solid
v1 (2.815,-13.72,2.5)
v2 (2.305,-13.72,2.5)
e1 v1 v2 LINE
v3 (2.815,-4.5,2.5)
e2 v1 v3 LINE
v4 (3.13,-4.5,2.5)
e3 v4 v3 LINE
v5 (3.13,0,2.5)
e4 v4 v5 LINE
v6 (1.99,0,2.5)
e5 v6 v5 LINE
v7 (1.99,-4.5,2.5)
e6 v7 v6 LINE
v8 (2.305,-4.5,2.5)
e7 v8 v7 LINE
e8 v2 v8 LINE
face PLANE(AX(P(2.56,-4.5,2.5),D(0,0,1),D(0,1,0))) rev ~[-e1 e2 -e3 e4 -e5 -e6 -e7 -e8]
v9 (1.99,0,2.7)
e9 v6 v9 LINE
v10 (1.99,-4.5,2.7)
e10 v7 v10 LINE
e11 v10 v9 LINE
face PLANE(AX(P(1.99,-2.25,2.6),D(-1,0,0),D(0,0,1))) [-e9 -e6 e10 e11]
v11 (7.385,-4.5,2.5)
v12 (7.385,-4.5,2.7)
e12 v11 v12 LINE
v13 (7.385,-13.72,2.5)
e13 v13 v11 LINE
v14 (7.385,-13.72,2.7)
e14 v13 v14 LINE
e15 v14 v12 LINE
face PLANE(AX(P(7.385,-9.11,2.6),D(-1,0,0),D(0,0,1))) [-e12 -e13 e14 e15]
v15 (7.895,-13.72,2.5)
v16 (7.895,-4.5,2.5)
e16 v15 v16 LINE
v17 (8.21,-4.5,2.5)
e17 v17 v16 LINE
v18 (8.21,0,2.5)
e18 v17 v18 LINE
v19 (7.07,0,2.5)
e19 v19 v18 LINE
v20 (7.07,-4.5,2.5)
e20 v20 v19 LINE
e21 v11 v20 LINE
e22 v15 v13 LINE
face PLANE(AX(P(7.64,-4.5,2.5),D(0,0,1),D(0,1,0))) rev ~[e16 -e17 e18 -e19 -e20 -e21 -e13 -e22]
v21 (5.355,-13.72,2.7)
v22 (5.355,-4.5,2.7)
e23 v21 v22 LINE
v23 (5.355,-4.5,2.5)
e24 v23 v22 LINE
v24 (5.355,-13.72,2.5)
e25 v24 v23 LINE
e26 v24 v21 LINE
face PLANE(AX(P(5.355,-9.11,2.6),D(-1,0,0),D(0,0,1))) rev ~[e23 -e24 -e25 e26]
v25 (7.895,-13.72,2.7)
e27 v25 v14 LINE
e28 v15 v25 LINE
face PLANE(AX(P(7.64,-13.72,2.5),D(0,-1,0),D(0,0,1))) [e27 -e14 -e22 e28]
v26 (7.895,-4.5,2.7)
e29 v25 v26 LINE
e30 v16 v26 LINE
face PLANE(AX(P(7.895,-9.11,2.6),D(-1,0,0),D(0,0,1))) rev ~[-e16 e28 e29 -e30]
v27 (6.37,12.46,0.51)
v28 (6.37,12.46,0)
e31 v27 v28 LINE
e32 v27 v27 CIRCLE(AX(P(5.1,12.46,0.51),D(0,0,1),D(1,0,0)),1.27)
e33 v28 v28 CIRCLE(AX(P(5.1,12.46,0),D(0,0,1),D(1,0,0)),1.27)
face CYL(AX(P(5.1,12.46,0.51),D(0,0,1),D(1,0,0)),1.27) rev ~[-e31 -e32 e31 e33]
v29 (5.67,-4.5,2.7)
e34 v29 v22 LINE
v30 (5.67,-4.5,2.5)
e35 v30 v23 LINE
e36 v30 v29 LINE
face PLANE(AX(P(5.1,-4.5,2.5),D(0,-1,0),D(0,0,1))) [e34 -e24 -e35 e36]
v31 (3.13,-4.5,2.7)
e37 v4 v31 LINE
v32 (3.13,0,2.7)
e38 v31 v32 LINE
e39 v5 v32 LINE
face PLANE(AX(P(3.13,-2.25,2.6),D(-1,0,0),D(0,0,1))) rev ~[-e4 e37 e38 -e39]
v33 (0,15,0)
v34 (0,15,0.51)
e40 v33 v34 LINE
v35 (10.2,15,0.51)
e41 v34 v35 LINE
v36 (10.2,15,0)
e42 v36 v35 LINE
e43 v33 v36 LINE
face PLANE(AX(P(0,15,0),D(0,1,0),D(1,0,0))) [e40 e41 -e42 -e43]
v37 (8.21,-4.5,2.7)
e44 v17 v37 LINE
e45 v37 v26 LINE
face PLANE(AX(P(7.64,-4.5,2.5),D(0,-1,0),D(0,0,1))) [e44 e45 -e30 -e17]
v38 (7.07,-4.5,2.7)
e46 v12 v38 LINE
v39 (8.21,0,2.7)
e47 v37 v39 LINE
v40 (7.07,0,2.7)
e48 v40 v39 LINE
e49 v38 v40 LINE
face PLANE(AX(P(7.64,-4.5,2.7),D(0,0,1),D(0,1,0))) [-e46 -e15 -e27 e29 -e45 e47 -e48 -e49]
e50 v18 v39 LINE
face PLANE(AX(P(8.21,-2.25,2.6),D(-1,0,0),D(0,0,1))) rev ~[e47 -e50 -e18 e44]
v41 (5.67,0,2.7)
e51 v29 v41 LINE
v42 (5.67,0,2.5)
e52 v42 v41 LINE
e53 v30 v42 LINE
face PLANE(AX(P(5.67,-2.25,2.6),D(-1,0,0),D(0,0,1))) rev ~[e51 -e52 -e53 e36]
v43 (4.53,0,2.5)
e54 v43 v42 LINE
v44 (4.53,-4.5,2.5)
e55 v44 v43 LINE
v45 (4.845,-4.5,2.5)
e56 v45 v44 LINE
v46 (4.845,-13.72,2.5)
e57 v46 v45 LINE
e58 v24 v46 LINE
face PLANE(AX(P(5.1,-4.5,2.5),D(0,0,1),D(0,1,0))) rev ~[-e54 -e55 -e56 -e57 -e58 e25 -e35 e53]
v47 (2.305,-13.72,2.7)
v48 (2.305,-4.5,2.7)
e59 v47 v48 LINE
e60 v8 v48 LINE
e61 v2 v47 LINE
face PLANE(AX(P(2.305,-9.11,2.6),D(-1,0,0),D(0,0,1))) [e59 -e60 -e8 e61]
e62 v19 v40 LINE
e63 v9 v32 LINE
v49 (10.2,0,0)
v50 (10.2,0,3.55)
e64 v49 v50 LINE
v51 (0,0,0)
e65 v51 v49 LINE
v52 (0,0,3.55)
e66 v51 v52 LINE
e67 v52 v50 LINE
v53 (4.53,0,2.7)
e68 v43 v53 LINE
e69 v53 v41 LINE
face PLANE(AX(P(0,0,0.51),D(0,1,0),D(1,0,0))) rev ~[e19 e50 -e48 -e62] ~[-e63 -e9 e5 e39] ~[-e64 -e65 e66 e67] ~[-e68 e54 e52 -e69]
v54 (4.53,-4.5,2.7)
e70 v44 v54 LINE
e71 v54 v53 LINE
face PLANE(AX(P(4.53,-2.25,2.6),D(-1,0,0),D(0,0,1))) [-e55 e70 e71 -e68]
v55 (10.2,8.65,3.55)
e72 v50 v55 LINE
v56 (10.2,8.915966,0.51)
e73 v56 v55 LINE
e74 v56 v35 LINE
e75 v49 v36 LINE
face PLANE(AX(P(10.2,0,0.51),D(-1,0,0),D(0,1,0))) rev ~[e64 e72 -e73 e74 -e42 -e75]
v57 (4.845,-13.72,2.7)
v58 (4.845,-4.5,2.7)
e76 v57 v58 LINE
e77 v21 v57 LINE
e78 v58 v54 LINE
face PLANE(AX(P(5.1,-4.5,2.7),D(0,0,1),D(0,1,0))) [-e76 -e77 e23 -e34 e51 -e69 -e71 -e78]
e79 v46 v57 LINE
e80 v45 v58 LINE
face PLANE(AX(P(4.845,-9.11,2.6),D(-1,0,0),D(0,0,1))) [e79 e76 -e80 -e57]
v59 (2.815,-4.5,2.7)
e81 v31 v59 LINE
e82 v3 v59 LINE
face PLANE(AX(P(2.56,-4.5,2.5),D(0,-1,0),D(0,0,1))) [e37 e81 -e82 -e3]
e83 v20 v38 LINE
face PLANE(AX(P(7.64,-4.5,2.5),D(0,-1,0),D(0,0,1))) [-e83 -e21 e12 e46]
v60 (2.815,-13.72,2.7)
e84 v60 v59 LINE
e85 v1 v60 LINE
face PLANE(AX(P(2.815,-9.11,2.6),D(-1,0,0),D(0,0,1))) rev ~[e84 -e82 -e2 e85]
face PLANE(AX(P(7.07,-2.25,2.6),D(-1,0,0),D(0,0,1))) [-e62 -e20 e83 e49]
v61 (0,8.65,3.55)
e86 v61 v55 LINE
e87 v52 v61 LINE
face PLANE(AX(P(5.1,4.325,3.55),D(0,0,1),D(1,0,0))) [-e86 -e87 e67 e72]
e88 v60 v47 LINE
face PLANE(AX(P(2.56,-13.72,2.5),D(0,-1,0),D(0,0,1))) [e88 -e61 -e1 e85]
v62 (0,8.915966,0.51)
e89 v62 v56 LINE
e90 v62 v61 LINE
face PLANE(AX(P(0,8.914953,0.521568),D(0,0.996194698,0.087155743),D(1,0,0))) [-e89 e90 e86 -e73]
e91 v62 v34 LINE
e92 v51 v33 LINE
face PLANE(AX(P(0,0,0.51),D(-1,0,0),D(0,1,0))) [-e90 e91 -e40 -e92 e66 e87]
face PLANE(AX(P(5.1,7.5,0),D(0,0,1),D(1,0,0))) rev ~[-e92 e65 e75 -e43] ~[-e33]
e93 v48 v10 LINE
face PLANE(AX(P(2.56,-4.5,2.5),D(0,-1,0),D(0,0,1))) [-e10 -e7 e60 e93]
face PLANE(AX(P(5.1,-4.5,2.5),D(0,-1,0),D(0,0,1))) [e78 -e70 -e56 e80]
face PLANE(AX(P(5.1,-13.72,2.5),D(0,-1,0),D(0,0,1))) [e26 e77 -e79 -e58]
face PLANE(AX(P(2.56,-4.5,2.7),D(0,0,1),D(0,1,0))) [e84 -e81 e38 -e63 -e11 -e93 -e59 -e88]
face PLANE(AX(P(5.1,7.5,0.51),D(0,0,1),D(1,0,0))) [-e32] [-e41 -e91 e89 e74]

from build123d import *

# Parameters (mm, degrees)
SKETCH1_W           = 10.2
SKETCH1_H           = 15
BOSS_EXTRUDE1_DEPTH = 0.51
SKETCH2_W           = 10.2
SKETCH2_H           = 8.65
BOSS_EXTRUDE2_DEPTH = 3.04
DRAFT1_ANGLE        = 5
SKETCH3_W           = 0.2
SKETCH3_H           = 4.5
EXTRUDE_THIN1_DEPTH = 0.57
SKETCH4_W           = 0.2
SKETCH4_H           = 9.22
EXTRUDE_THIN2_DEPTH = 0.255
LPATTERN1_COUNT     = 3
LPATTERN1_PITCH     = 2.54
CUT_EXTRUDE1_REACH  = 2.51
SKETCH5_R           = 1.27


with BuildPart() as part:
    # Sketch1 → Boss-Extrude1 (new body)
    with BuildSketch(Plane.XY):
        with Locations((5.1, 7.5)):
            Rectangle(SKETCH1_W, SKETCH1_H)
    extrude(amount=BOSS_EXTRUDE1_DEPTH)

    # Sketch2 → Boss-Extrude2 (add)
    with BuildSketch(Plane.XY.offset(0.51)):
        with Locations((5.1, 4.325)):
            Rectangle(SKETCH2_W, SKETCH2_H)
    extrude(amount=BOSS_EXTRUDE2_DEPTH)

    # Draft1
    draft1_faces = [part.faces().sort_by_distance(p)[0] for p in [
        (5.1, 8.65, 2.03),
    ]]
    draft(draft1_faces, Plane.XY.offset(3.55), DRAFT1_ANGLE)

    # Sketch3 → Extrude-Thin1 (add, symmetric)
    with BuildSketch(Plane.ZY.offset(-2.56)):
        with Locations((2.6, -2.25)):
            Rectangle(SKETCH3_W, SKETCH3_H)
    extrude_thin1 = extrude(amount=EXTRUDE_THIN1_DEPTH, both=True)

    # Sketch4 → Extrude-Thin2 (add, symmetric)
    with BuildSketch(Plane.ZY.offset(-2.56)):
        with Locations((2.6, -9.11)):
            Rectangle(SKETCH4_W, SKETCH4_H)
    extrude_thin2 = extrude(amount=EXTRUDE_THIN2_DEPTH, both=True)

    # LPattern1: Extrude-Thin1, Extrude-Thin2 ×3
    with Locations(*[(i * LPATTERN1_PITCH, 0, 0) for i in range(1, LPATTERN1_COUNT)]):
        add(extrude_thin1)
        add(extrude_thin2)

    # Sketch5 → Cut-Extrude1 (cut, up to next)
    with BuildSketch(Plane.XY.offset(0.51), mode=Mode.PRIVATE) as cut_extrude1_sk1:
        with Locations((5.1, 12.46)):
            Circle(SKETCH5_R)
    cut_extrude1_tool1 = extrude(cut_extrude1_sk1.sketch, amount=-CUT_EXTRUDE1_REACH, mode=Mode.PRIVATE) & part.part
    add(cut_extrude1_tool1.solids().sort_by_distance((5.1, 12.46, 0.51))[0], mode=Mode.SUBTRACT)


solid = part.part
